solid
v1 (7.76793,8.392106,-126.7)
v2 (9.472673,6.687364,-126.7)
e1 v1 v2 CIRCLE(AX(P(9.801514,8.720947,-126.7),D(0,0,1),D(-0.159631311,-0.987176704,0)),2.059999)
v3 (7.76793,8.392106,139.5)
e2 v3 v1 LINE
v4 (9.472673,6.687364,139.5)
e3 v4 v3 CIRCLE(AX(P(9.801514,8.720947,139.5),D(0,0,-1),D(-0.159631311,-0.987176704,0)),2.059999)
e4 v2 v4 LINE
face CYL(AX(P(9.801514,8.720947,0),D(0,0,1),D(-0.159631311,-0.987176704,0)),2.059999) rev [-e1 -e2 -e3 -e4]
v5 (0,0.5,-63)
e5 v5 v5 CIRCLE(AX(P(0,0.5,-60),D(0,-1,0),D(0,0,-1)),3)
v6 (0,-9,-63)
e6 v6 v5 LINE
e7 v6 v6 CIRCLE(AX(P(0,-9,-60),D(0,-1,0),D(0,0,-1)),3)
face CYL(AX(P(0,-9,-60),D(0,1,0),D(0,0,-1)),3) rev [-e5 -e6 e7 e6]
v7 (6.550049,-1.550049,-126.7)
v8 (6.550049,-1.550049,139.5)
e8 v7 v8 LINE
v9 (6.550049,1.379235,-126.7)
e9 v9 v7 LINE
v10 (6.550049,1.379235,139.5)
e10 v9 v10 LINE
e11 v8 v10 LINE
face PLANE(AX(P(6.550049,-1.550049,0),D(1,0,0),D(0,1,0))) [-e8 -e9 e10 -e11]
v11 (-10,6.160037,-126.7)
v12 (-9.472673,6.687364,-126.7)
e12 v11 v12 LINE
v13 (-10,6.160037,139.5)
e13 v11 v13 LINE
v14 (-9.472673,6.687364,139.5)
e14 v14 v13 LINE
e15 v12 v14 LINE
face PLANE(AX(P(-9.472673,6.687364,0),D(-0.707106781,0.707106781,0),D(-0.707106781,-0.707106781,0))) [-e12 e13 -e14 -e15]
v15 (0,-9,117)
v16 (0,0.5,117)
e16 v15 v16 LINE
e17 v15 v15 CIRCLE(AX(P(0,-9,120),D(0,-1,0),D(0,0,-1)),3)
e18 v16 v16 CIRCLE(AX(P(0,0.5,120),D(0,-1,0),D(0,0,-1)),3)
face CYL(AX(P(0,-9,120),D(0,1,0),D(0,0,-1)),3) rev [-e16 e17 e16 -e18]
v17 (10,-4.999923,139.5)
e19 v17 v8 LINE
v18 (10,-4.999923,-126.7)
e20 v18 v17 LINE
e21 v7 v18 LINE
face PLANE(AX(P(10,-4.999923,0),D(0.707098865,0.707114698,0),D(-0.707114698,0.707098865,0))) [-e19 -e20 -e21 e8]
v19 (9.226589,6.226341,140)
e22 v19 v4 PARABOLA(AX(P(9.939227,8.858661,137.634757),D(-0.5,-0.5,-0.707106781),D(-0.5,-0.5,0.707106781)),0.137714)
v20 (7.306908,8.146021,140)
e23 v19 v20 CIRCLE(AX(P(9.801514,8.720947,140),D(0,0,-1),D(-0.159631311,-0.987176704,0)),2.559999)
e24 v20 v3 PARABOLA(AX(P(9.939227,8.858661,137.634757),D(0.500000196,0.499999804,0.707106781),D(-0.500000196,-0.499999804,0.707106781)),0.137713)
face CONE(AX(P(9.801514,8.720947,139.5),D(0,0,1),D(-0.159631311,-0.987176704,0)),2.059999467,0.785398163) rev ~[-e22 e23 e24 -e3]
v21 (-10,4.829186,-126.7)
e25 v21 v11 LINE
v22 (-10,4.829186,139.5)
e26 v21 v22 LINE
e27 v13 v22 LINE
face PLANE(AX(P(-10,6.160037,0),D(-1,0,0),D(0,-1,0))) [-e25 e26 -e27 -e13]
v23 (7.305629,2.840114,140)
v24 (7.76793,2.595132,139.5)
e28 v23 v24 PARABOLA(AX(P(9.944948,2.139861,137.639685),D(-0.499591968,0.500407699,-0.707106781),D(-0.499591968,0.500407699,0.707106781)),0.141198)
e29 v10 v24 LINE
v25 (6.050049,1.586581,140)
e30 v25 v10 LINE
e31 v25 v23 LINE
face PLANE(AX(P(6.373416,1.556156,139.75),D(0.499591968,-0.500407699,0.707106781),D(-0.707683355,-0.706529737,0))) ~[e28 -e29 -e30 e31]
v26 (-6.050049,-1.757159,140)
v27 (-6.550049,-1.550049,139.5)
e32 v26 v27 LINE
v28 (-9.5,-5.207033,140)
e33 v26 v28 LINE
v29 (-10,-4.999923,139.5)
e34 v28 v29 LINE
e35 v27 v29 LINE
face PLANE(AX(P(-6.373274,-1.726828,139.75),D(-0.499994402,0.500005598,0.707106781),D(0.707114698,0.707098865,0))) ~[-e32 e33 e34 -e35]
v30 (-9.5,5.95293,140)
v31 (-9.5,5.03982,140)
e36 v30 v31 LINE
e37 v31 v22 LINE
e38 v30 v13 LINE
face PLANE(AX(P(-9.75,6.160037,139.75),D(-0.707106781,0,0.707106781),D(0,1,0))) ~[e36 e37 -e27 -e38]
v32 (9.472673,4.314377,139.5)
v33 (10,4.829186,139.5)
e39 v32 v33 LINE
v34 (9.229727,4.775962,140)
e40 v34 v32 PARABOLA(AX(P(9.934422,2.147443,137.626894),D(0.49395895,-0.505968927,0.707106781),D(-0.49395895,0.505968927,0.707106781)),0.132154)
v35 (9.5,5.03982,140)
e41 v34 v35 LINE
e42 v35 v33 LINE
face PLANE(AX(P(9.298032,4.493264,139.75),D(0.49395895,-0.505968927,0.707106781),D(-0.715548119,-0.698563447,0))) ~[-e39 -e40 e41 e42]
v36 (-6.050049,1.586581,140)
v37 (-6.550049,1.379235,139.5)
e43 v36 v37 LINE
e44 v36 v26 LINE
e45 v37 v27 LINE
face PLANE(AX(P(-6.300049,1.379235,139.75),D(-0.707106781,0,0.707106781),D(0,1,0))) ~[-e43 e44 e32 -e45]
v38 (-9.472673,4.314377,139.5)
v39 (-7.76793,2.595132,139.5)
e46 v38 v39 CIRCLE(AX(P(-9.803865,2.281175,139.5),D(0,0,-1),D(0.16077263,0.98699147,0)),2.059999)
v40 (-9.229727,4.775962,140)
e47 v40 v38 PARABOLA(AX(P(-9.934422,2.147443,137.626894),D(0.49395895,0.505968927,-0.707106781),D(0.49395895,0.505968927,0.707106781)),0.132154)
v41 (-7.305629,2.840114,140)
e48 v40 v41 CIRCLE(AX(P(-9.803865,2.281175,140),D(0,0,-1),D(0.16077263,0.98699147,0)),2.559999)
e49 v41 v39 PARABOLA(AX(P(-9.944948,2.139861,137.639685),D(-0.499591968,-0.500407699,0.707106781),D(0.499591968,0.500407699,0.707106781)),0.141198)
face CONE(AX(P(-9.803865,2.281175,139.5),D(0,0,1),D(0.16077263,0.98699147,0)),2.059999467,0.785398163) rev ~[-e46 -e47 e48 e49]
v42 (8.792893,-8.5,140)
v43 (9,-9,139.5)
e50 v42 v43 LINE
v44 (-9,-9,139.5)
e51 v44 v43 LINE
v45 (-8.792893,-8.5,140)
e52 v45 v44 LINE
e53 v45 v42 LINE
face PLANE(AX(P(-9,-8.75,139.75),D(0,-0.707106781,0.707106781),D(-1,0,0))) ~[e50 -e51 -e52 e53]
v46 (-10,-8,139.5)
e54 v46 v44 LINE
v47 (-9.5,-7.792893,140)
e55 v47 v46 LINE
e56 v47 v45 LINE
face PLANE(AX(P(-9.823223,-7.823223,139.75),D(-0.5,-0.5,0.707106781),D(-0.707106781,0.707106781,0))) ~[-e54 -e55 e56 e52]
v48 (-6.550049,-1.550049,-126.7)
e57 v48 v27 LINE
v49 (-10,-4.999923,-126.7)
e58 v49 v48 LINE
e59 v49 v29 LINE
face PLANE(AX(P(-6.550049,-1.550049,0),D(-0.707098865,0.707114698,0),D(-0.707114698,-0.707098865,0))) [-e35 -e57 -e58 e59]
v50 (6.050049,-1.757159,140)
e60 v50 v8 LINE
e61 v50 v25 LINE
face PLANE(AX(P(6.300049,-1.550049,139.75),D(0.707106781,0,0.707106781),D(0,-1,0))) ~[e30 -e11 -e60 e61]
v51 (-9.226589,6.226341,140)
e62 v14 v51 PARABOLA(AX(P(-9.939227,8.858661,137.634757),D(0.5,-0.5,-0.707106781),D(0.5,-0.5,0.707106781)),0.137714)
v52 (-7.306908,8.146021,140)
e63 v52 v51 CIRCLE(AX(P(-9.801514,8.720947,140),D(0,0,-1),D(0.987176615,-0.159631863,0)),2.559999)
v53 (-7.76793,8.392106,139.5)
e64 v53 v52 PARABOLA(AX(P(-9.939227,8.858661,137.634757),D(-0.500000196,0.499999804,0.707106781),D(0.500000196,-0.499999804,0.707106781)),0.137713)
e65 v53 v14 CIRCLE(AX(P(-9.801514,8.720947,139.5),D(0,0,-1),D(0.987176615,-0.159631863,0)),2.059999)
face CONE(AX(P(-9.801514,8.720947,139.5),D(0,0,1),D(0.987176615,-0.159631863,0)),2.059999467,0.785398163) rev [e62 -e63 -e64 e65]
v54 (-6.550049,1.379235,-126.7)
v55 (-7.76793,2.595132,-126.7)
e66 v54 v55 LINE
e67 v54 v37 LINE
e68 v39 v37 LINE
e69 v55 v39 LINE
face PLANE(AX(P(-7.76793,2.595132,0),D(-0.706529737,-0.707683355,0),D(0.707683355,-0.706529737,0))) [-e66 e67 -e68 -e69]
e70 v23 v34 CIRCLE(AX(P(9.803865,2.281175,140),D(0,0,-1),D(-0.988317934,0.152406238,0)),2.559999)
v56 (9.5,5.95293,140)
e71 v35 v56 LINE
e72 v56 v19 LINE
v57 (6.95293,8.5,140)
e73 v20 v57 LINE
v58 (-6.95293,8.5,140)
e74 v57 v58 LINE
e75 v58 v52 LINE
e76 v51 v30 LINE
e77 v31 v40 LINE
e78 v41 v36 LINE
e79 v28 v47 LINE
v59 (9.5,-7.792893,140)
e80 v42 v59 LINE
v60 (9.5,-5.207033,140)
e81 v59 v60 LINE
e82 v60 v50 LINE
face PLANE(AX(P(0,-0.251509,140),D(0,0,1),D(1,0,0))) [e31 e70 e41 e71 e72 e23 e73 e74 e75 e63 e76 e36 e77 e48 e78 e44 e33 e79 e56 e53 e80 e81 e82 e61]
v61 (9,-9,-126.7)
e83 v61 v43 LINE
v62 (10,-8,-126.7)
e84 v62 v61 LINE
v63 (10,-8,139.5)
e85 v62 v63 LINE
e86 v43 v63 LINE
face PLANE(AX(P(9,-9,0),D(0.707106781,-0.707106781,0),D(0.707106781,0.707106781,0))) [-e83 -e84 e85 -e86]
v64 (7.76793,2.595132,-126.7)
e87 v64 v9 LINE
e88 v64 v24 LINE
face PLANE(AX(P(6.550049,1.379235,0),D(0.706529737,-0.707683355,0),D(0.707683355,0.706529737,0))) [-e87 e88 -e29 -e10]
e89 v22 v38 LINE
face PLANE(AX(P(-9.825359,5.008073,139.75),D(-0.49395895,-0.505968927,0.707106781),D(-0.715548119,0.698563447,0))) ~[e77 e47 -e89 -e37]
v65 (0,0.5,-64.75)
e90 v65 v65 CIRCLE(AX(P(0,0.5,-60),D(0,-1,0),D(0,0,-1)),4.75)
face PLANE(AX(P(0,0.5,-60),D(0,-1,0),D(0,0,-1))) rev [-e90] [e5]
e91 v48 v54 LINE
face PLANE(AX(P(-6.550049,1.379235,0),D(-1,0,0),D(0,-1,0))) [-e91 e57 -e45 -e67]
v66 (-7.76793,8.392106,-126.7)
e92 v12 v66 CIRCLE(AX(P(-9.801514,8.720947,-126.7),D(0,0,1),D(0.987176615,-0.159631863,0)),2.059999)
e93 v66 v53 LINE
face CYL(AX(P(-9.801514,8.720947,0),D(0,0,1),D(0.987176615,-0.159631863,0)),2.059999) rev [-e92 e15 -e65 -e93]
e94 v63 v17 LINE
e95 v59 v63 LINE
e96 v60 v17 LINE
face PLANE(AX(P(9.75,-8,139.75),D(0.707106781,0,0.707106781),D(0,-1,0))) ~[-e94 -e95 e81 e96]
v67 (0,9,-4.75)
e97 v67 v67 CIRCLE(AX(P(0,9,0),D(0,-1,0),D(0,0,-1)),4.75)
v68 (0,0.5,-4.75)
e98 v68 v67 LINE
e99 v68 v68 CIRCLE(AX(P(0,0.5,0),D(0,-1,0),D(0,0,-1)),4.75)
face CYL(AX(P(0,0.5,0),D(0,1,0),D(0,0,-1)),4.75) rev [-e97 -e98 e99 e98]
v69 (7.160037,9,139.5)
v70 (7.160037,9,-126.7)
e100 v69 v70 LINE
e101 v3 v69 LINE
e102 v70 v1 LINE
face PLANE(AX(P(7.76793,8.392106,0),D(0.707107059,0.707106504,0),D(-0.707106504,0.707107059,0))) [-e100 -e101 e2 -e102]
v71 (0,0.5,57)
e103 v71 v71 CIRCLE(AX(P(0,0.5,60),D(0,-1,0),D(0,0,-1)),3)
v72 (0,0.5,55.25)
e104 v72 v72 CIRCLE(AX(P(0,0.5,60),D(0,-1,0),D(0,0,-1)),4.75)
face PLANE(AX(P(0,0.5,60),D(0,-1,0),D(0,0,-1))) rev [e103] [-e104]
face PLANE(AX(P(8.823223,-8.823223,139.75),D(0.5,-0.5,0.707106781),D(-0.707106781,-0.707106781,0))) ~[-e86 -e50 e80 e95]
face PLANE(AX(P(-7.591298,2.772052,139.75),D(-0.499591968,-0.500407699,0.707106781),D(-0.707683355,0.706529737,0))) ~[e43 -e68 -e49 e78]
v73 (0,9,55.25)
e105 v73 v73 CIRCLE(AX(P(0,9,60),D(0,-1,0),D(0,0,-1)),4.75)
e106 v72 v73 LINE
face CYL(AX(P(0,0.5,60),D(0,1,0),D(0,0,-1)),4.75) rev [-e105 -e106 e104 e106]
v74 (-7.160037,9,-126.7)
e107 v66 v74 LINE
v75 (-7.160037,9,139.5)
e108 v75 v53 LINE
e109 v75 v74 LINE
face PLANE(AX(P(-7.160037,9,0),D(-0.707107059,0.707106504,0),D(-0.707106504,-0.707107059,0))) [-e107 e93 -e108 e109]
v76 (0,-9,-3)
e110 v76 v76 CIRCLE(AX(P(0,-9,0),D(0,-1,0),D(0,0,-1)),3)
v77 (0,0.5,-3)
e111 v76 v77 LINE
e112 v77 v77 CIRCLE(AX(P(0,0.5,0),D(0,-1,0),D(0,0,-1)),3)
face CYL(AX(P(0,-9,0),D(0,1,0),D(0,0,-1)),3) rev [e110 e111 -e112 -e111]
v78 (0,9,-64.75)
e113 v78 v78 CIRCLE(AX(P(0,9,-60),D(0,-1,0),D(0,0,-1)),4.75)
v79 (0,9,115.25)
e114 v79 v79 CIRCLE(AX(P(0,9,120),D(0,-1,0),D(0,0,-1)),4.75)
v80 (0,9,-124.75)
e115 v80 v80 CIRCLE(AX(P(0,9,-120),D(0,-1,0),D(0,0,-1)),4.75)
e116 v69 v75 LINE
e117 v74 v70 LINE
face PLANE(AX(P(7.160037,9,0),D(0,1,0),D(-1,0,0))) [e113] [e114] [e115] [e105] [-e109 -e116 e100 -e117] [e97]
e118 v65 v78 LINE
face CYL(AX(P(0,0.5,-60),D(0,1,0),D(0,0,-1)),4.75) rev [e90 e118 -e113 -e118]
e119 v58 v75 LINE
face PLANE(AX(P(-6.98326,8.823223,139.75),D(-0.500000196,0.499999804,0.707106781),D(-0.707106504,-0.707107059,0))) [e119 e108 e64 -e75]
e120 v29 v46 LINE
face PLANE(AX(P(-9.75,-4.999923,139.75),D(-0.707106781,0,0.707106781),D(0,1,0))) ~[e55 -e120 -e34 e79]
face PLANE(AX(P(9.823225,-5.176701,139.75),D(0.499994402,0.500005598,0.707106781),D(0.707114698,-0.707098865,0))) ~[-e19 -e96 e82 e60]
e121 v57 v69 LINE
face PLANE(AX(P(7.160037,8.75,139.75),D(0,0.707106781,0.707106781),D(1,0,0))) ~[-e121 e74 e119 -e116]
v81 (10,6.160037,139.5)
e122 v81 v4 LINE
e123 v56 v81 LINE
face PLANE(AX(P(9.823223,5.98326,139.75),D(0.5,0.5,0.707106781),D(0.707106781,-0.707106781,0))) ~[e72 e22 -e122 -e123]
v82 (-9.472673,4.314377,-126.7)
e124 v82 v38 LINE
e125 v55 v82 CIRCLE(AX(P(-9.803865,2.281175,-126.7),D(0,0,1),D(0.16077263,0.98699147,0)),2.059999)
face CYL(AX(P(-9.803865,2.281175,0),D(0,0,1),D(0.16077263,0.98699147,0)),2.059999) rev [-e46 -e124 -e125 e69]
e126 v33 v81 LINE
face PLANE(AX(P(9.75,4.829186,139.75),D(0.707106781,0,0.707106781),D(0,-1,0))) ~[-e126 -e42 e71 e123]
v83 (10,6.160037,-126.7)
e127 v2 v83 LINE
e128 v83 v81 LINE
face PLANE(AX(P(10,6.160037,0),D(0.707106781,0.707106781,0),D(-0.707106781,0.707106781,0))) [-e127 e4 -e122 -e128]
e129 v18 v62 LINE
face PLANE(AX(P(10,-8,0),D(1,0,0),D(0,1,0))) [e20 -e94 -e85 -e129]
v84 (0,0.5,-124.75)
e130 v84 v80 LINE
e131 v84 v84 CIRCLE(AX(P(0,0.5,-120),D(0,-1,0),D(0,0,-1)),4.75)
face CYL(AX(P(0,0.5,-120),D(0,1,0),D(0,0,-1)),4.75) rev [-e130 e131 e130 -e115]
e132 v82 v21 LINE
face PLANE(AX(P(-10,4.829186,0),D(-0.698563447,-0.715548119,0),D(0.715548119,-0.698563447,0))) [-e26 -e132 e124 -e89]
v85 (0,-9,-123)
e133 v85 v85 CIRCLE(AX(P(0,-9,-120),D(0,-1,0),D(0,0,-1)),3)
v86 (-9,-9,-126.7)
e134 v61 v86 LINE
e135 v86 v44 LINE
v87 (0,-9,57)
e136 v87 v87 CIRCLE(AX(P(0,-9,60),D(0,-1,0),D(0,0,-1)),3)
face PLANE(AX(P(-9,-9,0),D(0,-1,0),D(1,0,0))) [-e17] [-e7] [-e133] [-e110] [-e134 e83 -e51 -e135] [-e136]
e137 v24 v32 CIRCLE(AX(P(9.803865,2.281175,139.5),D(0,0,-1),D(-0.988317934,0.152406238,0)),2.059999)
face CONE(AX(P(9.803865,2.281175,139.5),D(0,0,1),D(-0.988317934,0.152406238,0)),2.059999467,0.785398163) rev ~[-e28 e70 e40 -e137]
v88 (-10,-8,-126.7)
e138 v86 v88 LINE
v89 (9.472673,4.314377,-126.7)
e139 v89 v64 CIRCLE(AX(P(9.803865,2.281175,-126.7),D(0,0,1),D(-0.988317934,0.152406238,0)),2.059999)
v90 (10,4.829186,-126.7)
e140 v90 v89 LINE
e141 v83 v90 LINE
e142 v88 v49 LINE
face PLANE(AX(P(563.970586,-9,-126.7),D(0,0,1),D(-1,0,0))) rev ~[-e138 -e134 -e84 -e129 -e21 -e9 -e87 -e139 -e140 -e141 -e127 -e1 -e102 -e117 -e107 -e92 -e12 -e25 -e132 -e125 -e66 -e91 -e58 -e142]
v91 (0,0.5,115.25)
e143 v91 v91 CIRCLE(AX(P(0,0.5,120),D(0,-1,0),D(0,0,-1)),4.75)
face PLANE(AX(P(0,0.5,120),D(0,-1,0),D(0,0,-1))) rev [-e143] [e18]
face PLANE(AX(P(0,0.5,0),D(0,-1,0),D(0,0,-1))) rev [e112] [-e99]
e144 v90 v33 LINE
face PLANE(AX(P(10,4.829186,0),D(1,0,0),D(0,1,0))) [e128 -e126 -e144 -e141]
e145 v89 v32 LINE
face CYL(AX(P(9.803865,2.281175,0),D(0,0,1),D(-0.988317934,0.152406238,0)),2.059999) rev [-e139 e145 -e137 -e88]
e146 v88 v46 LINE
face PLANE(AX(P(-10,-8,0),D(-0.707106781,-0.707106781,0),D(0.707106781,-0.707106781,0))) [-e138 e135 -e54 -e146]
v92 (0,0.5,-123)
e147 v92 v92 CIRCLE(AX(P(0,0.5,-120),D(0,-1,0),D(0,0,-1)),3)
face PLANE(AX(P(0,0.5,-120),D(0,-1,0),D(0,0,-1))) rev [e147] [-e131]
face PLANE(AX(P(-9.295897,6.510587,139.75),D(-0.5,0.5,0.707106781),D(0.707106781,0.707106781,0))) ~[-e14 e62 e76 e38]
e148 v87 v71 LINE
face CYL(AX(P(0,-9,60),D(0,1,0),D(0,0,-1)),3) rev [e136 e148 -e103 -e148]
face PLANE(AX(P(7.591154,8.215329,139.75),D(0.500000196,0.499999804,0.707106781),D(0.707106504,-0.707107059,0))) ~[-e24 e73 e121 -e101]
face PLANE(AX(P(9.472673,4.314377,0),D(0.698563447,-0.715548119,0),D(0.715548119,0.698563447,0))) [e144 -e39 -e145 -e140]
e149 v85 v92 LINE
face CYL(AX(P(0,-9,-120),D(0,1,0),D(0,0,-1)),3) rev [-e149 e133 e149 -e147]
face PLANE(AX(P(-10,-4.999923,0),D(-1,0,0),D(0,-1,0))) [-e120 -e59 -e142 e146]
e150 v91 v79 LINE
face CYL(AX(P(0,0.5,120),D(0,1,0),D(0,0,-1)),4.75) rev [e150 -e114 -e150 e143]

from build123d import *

# Parameters (mm, degrees)
BOSS_EXTRUDE1_DEPTH      = 140
BOSS_EXTRUDE1_DEPTH_BACK = 140
LPATTERN2_COUNT          = 5
LPATTERN2_PITCH          = 60
CHAMFER1_SIZE            = 0.5
CUT_EXTRUDE1_DEPTH       = 1
CUT_EXTRUDE1_DEPTH_BACK  = 19


with BuildPart() as part:
    # Sketch3 → Boss-Extrude1 (new body, two sides)
    with BuildSketch(Plane.XY) as boss_extrude1_sk:
        with BuildLine():
            Line((3, 9), (-3, 9))
            Line((-3, 9), (-7.160036564, 9))
            Line((-7.160036564, 9), (-7.767930373, 8.392105714))
            ThreePointArc((-7.767930373, 8.392105714), (-8.344874488, 7.264307267), (-9.472673258, 6.687363783))
            Line((-9.472673258, 6.687363783), (-10, 6.160037041))
            Line((-10, 6.160037041), (-10, 4.82918644))
            Line((-10, 4.82918644), (-9.472673258, 4.314376637))
            ThreePointArc((-9.472673258, 4.314376637), (-8.341068744, 3.731631743), (-7.767930373, 2.595131504))
            Line((-7.767930373, 2.595131504), (-6.550048828, 1.379235268))
            Line((-6.550048828, 1.379235268), (-6.550048828, -1.550048828))
            Line((-6.550048828, -1.550048828), (-10, -4.999922752))
            Line((-10, -4.999922752), (-10, -8))
            Line((-10, -8), (-9, -9))
            Line((-9, -9), (0, -9))
            Line((0, -9), (9, -9))
            Line((9, -9), (10, -8))
            Line((10, -8), (10, -4.999922752))
            Line((10, -4.999922752), (6.550048828, -1.550048828))
            Line((6.550048828, -1.550048828), (6.550048828, 1.379235268))
            Line((6.550048828, 1.379235268), (7.767930373, 2.595131504))
            ThreePointArc((7.767930373, 2.595131504), (8.341068744, 3.731631743), (9.472673258, 4.314376637))
            Line((9.472673258, 4.314376637), (10, 4.82918644))
            Line((10, 4.82918644), (10, 6.160037041))
            Line((10, 6.160037041), (9.472673258, 6.687363783))
            ThreePointArc((9.472673258, 6.687363783), (8.344874488, 7.264307267), (7.767930373, 8.392105714))
            Line((7.767930373, 8.392105714), (7.160036564, 9))
            Line((7.160036564, 9), (3, 9))
        make_face()
    extrude(amount=BOSS_EXTRUDE1_DEPTH)
    extrude(boss_extrude1_sk.sketch, amount=-BOSS_EXTRUDE1_DEPTH_BACK)

    # Sketch4 → Cut-Revolve1 (revolve, cut)
    with BuildSketch(Plane(origin=(0, 0, 0), x_dir=(0, 0, -1), z_dir=(1, 0, 0))):
        Polygon((-115.25, 9), (-120, 9), (-120, -9), (-117, -9), (-117, 0.5), (-115.25, 0.5), align=None)
    cut_revolve1 = revolve(axis=Axis((0, 9, 120), (0, -1, 0)), mode=Mode.SUBTRACT)

    # LPattern2: Cut-Revolve1 ×5
    with Locations(*[(0, 0, -i * LPATTERN2_PITCH) for i in range(1, LPATTERN2_COUNT)]):
        add(cut_revolve1, mode=Mode.SUBTRACT)

    # Chamfer1
    chamfer1_edges = [part.edges().sort_by_distance(p)[0] for p in [
        (-6.550048828, -0.08540678, 140),
        (-8.275024414, -3.27498579, 140),
        (-10, -6.499961376, 140),
        (-9.5, -8.5, 140),
        (0, -9, 140),
        (9.5, -8.5, 140),
        (10, -6.499961376, 140),
        (8.275024414, -3.27498579, 140),
        (6.550048828, -0.08540678, 140),
        (-8.341068744, 3.731631743, 140),
        (7.158989601, 1.987183386, 140),
        (8.341068744, 3.731631743, 140),
        (9.736336629, 4.571781538, 140),
        (-9.736336629, 4.571781538, -140),
        (-10, 5.49461174, -140),
        (10, 5.49461174, 140),
        (-9.736336629, 6.423700412, -140),
        (-7.463983469, 8.696052857, -140),
        (0, 9, -140),
        (7.463983469, 8.696052857, -140),
        (9.736336629, 6.423700412, -140),
        (10, 5.49461174, -140),
        (9.736336629, 6.423700412, 140),
        (9.736336629, 4.571781538, -140),
        (7.158989601, 1.987183386, -140),
        (6.550048828, -0.08540678, -140),
        (8.275024414, -3.27498579, -140),
        (10, -6.499961376, -140),
        (9.5, -8.5, -140),
        (0, -9, -140),
        (8.344874488, 7.264307267, 140),
        (-9.5, -8.5, -140),
        (-10, -6.499961376, -140),
        (-8.275024414, -3.27498579, -140),
        (-6.550048828, -0.08540678, -140),
        (-7.158989601, 1.987183386, -140),
        (-8.341068744, 3.731631743, -140),
        (-8.344874488, 7.264307267, -140),
        (8.344874488, 7.264307267, -140),
        (8.341068744, 3.731631743, -140),
        (7.463983469, 8.696052857, 140),
        (0, 9, 140),
        (-7.463983469, 8.696052857, 140),
        (-8.344874488, 7.264307267, 140),
        (-7.158989601, 1.987183386, 140),
        (-9.736336629, 6.423700412, 140),
        (-10, 5.49461174, 140),
        (-9.736336629, 4.571781538, 140),
    ]]
    chamfer(chamfer1_edges, length=CHAMFER1_SIZE)

    # Sketch7 → Cut-Extrude1 (cut, two sides)
    with BuildSketch(Plane.XZ.offset(9)) as cut_extrude1_sk:
        Polygon((563.970585521, -126.7), (15.689992686, -126.7), (-26.160878802, -126.7), (-574.441471637, -126.7), (-574.441471637, -1223.26118567), (563.970585521, -1223.26118567), align=None)
    extrude(amount=CUT_EXTRUDE1_DEPTH, mode=Mode.SUBTRACT)
    extrude(cut_extrude1_sk.sketch, amount=-CUT_EXTRUDE1_DEPTH_BACK, mode=Mode.SUBTRACT)


solid = part.part
